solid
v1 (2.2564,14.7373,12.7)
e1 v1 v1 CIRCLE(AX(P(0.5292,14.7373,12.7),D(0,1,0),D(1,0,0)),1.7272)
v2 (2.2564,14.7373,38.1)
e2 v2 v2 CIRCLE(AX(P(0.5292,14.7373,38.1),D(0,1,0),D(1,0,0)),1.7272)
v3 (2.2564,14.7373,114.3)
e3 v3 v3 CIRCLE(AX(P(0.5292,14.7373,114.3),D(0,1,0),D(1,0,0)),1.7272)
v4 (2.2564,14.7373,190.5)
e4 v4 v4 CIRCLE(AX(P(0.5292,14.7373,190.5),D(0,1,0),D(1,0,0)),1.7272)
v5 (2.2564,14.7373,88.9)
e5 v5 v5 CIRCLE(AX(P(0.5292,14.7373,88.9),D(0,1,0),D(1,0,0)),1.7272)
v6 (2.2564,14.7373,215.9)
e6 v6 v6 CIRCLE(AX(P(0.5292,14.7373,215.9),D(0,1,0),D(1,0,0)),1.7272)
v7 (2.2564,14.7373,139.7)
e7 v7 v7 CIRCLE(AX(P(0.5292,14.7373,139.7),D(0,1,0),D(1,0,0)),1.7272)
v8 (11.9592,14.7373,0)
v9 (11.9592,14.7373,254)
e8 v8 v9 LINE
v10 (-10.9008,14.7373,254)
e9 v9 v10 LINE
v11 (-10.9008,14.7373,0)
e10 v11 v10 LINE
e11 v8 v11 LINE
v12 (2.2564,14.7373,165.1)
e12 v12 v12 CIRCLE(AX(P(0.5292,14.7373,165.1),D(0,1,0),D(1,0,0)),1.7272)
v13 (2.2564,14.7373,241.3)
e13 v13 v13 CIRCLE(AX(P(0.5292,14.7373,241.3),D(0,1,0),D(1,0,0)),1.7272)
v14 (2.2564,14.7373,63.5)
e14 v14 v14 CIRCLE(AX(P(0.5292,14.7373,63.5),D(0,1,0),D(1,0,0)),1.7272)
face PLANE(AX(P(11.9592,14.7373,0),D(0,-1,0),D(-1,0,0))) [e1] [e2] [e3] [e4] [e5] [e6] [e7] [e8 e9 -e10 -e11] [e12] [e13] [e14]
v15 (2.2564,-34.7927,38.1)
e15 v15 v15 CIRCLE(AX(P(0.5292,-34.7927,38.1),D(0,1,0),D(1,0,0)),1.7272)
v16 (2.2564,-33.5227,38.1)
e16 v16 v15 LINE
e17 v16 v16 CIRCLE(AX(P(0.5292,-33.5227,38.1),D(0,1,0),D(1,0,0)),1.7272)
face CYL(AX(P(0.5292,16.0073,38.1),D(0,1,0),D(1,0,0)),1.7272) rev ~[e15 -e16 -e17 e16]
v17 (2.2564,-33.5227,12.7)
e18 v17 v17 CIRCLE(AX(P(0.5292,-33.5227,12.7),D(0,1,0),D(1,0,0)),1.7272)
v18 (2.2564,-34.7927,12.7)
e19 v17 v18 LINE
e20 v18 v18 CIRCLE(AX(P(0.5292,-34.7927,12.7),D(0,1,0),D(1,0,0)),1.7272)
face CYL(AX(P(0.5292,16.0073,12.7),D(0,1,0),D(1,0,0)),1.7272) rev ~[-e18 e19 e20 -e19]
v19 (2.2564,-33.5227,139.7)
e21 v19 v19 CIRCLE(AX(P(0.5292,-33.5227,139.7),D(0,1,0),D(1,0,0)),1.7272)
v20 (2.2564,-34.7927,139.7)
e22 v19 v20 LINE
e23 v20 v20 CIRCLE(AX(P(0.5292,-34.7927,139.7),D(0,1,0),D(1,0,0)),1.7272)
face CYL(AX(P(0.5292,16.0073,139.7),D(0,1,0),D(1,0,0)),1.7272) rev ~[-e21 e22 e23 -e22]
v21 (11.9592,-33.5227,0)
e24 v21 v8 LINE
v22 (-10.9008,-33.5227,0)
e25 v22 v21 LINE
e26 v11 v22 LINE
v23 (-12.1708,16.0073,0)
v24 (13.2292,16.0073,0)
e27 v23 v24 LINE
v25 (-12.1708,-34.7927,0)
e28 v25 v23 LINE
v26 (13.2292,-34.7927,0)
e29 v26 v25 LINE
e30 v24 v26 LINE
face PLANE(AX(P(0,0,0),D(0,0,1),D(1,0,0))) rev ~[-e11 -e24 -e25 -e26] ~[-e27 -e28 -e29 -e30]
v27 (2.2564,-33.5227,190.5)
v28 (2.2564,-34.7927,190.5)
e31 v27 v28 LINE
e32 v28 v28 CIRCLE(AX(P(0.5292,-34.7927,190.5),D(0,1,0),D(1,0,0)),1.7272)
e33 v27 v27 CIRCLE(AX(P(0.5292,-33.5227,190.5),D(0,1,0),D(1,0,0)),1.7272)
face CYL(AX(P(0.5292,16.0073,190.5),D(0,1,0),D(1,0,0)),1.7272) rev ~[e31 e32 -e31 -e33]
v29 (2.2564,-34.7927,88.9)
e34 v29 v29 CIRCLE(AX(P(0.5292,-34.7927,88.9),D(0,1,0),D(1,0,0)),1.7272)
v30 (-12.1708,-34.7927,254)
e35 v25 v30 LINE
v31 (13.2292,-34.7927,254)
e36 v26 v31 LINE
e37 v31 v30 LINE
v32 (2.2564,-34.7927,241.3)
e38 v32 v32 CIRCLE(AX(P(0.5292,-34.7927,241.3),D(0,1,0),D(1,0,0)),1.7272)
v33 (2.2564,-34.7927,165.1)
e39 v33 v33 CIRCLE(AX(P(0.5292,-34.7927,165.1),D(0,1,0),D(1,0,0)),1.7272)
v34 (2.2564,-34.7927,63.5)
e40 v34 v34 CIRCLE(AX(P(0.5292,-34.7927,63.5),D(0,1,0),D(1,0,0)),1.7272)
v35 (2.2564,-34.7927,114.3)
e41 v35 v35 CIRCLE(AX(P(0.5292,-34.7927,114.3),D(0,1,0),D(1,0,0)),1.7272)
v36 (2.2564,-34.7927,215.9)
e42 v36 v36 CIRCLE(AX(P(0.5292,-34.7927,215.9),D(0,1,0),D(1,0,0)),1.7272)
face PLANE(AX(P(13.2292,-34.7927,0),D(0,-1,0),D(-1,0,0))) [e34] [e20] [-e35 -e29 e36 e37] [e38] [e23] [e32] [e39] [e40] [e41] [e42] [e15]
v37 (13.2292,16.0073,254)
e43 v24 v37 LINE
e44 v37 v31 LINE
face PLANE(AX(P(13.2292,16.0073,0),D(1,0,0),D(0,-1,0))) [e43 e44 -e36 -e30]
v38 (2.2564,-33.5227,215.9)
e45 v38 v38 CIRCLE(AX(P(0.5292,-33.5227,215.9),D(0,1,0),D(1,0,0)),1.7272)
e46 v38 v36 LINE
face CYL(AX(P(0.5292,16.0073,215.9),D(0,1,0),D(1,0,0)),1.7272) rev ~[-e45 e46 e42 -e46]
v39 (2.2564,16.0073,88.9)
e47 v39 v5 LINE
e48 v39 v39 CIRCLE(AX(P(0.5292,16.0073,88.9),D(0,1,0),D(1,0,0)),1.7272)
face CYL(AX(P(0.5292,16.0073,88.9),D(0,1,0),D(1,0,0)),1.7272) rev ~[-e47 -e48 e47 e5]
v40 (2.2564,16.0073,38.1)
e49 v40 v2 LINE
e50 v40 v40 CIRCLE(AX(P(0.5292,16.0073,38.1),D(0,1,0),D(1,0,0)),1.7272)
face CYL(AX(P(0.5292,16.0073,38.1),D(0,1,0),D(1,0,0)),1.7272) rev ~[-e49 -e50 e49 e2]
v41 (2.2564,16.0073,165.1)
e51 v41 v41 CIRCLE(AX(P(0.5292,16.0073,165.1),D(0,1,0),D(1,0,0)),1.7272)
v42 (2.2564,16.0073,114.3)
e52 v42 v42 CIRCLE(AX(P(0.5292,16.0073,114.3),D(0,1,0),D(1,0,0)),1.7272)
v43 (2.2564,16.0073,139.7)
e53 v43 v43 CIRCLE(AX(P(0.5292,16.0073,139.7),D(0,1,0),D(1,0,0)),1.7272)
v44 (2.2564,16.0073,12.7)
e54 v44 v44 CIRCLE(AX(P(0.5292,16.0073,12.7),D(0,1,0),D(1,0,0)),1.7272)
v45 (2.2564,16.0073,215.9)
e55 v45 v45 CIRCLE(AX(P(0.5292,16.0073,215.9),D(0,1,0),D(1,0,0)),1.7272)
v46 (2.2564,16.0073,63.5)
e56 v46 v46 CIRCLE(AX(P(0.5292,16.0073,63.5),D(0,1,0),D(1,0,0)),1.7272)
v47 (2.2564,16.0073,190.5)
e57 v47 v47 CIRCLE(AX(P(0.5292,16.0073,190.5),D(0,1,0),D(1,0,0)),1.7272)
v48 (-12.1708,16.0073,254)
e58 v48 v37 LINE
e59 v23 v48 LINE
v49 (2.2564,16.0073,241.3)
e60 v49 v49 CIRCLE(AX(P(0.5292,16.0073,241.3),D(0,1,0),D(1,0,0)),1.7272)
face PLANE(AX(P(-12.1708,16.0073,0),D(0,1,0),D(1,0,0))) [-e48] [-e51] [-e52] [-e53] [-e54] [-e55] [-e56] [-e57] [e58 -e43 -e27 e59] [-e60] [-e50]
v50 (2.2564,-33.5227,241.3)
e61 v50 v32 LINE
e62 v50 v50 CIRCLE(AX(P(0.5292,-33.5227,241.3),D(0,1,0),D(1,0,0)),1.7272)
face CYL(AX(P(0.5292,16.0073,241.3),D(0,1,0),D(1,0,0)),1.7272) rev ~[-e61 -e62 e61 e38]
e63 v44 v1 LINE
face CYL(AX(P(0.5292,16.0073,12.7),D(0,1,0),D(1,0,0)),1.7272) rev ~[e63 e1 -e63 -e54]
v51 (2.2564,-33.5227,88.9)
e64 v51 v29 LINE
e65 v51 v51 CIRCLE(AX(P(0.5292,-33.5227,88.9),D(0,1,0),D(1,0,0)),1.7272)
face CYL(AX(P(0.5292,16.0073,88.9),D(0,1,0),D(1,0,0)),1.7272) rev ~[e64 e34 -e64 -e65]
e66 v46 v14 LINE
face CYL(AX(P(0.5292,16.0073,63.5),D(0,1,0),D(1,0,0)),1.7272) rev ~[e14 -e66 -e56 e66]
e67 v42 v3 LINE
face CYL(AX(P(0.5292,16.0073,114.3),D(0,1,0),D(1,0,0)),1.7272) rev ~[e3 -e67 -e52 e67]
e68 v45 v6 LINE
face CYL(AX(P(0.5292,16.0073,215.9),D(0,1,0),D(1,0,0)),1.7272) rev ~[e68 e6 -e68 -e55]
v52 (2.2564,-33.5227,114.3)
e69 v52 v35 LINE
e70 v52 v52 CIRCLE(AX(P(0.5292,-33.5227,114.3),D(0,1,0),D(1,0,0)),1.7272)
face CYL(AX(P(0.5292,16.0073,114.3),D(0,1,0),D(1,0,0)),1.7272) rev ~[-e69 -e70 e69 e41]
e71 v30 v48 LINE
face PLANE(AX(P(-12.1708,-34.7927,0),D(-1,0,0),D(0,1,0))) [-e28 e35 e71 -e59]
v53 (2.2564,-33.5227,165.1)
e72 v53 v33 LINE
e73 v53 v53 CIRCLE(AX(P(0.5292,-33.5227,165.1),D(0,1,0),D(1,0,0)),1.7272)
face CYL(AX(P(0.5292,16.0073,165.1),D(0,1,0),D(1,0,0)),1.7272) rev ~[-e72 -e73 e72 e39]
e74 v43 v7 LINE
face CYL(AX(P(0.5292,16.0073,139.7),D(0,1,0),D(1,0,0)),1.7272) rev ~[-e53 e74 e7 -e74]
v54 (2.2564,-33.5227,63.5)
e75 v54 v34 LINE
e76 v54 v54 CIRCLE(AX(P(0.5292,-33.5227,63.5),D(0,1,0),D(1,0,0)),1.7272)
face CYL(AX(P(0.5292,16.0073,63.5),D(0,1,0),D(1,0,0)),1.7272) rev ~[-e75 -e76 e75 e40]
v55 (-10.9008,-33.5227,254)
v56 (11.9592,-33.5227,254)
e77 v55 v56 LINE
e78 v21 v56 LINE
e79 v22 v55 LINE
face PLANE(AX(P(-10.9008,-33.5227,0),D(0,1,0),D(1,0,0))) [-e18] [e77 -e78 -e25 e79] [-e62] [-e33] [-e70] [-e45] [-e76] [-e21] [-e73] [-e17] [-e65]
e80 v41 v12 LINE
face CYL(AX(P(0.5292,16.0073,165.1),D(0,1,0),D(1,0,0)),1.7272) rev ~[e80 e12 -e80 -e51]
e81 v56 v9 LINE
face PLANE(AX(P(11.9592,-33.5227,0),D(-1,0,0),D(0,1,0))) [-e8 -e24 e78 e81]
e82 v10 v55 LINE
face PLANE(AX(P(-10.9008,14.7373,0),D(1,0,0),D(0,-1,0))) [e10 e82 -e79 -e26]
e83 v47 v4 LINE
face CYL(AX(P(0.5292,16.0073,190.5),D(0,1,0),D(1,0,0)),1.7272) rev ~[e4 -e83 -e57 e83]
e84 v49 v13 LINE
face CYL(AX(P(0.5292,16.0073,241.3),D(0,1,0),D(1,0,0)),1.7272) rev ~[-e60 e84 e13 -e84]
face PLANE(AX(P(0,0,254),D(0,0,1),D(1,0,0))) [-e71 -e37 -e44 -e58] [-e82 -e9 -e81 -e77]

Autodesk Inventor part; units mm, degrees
ref_plane "YZ Plane" through (0, 0, 0) normal (1, 0, 0) x (0, 1, 0)
ref_plane "XZ Plane" through (0, 0, 0) normal (0, 1, 0) x (-1, 0, 0)
ref_plane "XY Plane" through (0, 0, 0) normal (0, 0, 1) x (1, 0, 0)
sketch "Sketch1" plane through (0, 0, 0) normal (0, 0, 1) x (1, 0, 0)
  line L0 (-12.1708, 16.0073) -> (13.2292, 16.0073)
  line L1 (13.2292, 16.0073) -> (13.2292, -34.7927)
  line L2 (13.2292, -34.7927) -> (-12.1708, -34.7927)
  line L3 (-12.1708, -34.7927) -> (-12.1708, 16.0073)
  line L4 (11.9592, 14.7373) -> (-10.9008, 14.7373)
  line L5 (-10.9008, 14.7373) -> (-10.9008, -33.5227)
  line L6 (-10.9008, -33.5227) -> (11.9592, -33.5227)
  line L7 (11.9592, -33.5227) -> (11.9592, 14.7373)
  point P0 (0, 0)
  dimension "d0" = 25.4
  dimension "d1" = 50.8
  dimension "d2" = 1.27
extrude "Extrusion1" add sketch "Sketch1" along normal blind 254
sketch "Sketch2" plane through (-12.1708, 16.0073, 0) normal (0, 1, 0) x (1, 0, 0)
  circle A0 centre (12.7, -12.7) radius 1.7272
  line L0 (25.4, 0) -> (0, 0) projected
  line L1 (0, 0) -> (0, -254) projected
  point P0 (12.1708, 0)
  dimension "d5" = 3.4544
  dimension "d6" = 12.7
  dimension "d7" = 12.7
extrude "Extrusion2" cut sketch "Sketch2" against normal through all
pattern_linear "Rectangular Pattern1" count 10 spacing 25.4 along (0, 0, 1) of "Extrusion2"
equation "\"d3\" = d13"
equation "\"d13\" = 254"
properties part number "VerseFrame 10in"
